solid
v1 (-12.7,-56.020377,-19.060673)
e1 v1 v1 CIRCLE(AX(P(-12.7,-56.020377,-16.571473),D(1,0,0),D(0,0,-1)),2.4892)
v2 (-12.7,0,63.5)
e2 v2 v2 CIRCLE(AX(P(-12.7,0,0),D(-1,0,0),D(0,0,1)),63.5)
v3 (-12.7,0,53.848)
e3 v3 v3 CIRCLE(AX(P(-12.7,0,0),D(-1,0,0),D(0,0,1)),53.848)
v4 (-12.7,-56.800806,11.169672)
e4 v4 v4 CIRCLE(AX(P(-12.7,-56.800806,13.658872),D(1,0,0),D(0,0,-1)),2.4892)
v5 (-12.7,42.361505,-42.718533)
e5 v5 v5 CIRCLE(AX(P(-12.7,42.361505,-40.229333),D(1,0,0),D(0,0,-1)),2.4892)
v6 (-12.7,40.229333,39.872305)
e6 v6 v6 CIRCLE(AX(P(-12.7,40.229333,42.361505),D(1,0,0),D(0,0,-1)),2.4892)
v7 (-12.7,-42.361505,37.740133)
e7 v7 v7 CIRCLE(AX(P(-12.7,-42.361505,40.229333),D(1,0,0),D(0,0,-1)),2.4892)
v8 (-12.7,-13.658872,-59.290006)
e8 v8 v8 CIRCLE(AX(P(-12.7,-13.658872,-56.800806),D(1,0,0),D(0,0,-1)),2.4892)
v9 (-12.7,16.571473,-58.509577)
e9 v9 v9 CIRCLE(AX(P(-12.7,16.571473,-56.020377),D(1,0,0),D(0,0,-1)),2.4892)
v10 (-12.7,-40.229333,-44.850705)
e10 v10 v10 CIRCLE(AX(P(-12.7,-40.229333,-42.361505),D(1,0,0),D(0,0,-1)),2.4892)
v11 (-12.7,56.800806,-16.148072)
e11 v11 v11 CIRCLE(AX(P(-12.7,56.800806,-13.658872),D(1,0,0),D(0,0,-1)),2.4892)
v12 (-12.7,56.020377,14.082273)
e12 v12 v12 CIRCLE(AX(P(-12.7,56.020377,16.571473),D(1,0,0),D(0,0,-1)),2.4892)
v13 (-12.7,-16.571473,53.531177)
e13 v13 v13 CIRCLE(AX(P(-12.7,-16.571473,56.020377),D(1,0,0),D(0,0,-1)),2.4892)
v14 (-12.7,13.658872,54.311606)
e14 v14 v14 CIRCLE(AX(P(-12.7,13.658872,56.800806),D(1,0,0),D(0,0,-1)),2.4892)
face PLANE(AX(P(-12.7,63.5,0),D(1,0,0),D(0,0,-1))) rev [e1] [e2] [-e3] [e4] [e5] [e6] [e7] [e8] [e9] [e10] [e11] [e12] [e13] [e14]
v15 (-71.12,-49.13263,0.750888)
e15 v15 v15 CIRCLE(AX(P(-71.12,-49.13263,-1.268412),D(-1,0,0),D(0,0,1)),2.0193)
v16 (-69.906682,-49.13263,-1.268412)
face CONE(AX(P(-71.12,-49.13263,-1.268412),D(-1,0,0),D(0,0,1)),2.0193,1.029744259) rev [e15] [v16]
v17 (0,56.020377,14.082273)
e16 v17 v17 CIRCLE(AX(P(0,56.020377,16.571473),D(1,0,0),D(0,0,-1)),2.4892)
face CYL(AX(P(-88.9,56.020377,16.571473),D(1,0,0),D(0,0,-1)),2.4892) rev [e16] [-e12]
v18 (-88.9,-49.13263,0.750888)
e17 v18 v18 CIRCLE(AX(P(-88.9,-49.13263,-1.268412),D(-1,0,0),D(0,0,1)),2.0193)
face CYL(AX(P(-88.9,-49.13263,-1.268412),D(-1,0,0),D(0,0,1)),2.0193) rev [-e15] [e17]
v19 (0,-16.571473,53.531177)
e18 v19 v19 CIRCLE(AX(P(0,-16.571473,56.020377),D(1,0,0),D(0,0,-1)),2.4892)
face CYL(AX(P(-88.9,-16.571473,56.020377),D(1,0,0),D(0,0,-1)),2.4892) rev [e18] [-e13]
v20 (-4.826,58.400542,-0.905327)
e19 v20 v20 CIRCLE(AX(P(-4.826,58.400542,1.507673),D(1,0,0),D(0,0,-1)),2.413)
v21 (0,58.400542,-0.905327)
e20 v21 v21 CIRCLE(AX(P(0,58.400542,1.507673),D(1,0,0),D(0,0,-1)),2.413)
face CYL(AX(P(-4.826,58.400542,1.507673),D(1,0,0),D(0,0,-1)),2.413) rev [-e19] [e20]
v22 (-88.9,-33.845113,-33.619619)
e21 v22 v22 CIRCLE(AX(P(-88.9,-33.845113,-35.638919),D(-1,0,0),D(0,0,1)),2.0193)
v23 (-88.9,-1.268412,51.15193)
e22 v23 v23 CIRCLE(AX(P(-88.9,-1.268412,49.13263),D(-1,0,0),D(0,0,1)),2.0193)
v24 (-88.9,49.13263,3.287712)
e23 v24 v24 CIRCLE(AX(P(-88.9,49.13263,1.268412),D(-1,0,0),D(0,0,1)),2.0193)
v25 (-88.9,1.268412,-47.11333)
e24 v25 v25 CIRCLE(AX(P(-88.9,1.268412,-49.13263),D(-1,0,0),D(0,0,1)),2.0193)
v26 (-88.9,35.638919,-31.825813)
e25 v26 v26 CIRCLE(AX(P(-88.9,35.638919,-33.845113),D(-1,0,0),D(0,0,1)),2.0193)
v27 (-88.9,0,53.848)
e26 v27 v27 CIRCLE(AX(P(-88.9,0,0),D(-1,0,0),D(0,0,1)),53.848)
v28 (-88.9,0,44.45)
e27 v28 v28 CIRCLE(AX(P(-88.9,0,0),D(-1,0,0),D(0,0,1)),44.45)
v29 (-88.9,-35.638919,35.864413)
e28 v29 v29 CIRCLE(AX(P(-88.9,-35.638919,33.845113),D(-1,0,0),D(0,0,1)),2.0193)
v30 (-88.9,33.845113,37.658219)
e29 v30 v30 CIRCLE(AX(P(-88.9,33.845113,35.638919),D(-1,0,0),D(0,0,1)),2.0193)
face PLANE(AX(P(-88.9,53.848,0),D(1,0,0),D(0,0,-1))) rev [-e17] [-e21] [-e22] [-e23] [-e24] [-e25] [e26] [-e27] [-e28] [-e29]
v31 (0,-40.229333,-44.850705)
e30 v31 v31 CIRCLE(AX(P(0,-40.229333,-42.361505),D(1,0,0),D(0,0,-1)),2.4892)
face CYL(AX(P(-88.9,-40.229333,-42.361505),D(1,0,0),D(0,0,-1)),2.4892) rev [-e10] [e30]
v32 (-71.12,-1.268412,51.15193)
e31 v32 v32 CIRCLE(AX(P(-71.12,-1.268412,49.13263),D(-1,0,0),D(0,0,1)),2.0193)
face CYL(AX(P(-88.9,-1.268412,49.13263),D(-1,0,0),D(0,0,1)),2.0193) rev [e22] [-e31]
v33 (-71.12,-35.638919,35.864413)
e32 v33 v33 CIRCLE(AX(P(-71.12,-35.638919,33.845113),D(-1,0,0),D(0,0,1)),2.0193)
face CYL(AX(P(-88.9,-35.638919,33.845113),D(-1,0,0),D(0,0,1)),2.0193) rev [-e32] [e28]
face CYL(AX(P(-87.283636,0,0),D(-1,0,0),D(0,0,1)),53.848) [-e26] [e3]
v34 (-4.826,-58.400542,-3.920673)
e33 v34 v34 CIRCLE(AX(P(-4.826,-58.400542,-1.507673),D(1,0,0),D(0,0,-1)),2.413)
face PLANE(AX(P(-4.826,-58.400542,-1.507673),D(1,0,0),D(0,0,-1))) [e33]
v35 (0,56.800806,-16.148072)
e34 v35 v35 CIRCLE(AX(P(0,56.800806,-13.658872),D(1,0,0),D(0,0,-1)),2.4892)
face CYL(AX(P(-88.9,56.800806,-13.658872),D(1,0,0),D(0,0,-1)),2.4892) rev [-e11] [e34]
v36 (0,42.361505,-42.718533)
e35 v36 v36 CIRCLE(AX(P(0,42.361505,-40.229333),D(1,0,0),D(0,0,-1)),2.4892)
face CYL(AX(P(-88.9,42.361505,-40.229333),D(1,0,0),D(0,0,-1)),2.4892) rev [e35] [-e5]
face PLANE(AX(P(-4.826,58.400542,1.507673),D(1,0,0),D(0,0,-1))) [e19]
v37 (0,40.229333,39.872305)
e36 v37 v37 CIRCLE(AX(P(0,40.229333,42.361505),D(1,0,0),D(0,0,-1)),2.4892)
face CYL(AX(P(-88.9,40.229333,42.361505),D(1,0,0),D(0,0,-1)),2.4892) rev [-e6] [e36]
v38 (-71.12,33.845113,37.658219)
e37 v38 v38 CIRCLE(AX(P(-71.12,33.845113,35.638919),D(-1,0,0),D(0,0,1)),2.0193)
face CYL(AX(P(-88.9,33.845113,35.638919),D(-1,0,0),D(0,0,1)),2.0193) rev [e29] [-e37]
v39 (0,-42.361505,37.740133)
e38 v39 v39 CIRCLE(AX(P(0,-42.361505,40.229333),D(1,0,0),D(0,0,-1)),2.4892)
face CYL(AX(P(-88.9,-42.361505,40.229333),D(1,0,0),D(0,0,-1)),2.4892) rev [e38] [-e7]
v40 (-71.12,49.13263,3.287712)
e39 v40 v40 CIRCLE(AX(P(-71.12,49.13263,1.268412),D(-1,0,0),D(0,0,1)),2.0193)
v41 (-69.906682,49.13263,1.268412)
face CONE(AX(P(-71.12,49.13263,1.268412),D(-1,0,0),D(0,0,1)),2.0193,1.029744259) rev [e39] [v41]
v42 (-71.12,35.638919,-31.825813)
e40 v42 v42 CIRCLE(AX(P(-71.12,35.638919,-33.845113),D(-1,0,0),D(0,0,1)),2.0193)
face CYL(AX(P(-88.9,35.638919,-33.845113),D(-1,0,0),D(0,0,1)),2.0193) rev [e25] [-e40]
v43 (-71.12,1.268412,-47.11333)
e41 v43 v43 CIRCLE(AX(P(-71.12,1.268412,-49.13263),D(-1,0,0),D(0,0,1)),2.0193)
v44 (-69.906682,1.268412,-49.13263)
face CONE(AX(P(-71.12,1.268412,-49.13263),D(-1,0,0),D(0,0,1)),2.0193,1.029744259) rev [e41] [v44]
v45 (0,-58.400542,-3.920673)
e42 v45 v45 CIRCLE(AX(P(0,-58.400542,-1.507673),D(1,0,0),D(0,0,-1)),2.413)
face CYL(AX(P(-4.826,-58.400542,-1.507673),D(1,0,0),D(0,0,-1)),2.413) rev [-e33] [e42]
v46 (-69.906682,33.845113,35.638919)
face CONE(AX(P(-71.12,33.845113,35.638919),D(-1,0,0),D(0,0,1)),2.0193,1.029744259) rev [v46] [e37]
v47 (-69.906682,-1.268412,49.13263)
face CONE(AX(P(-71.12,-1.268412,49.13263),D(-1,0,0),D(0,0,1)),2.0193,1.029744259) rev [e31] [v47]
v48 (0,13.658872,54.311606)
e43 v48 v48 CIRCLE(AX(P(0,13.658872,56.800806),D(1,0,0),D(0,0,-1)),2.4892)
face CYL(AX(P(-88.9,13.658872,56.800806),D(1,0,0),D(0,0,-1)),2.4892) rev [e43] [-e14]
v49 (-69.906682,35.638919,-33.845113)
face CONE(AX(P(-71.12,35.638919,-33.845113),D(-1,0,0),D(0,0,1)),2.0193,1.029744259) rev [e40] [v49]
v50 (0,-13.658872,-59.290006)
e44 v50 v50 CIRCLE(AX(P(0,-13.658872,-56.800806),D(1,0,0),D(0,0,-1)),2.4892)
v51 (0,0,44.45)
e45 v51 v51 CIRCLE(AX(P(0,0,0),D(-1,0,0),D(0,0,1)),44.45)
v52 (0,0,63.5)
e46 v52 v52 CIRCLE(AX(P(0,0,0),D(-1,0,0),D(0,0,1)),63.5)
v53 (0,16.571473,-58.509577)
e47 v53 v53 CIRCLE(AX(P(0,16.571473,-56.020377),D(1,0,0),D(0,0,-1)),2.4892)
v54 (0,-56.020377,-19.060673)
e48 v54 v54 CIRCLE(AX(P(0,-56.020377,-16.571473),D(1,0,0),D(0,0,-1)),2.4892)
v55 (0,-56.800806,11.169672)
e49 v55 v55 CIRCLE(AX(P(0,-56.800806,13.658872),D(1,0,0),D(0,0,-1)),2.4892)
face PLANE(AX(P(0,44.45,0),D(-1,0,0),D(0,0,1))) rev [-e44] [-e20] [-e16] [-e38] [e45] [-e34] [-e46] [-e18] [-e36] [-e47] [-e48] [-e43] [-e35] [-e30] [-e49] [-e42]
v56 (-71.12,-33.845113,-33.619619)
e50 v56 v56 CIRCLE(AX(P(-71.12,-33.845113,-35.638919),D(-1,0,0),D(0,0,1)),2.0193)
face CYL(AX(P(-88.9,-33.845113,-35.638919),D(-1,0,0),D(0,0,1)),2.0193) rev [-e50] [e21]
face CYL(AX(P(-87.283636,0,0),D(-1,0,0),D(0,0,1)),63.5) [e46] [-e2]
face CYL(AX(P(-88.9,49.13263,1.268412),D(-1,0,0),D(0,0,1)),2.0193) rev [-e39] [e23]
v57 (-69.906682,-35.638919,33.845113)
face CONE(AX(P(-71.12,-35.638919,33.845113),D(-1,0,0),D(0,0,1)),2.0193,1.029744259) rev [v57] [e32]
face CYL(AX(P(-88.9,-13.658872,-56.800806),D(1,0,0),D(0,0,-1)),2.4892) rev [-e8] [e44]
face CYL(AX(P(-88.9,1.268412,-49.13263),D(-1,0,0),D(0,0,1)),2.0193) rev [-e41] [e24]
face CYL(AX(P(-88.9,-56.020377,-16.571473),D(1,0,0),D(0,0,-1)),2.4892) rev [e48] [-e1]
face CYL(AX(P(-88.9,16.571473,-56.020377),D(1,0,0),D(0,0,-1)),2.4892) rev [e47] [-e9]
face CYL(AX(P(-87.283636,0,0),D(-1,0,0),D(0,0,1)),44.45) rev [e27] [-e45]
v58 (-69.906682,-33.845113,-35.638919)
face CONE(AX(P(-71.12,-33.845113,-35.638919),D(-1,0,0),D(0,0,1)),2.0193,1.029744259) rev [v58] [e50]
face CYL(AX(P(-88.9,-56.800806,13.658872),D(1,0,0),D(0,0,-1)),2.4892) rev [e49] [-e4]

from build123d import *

# Parameters (mm, degrees)
SKETCH7_R                       = 2.4892
CUT_EXTRUDE1_DEPTH              = 89.9
F_21_0_159_DIAMETER_HOLE1_D     = 4.0386
F_21_0_159_DIAMETER_HOLE1_DEPTH = 17.78
F_21_0_159_DIAMETER_HOLE1_TIP   = 1.213317848
SKETCH15_R                      = 2.413
CUT_EXTRUDE2_DEPTH              = 4.826


with BuildPart() as part:
    # Sketch1 → Revolve1 (revolve)
    with BuildSketch(Plane.XY):
        Polygon((-88.9, 53.848), (-88.9, 44.45), (0, 44.45), (0, 63.5), (-12.7, 63.5), (-12.7, 53.848), align=None)
    revolve(axis=Axis((-87.283636364, 0, 0), (1, 0, 0)))

    # Sketch7 → Cut-Extrude1 (cut, through all)
    with BuildSketch(Plane(origin=(0, 0, 0), x_dir=(0, 0, -1), z_dir=(1, 0, 0))):
        with Locations((-16.571472984, 56.020377392)):
            Circle(SKETCH7_R)
        with Locations((13.658872113, 56.800806443)):
            Circle(SKETCH7_R)
        with Locations((40.229333459, 42.361505278)):
            Circle(SKETCH7_R)
        with Locations((56.020377392, 16.571472984)):
            Circle(SKETCH7_R)
        with Locations((56.800806443, -13.658872113)):
            Circle(SKETCH7_R)
        with Locations((42.361505278, -40.229333459)):
            Circle(SKETCH7_R)
        with Locations((16.571472984, -56.020377392)):
            Circle(SKETCH7_R)
        with Locations((-13.658872113, -56.800806443)):
            Circle(SKETCH7_R)
        with Locations((-40.229333459, -42.361505278)):
            Circle(SKETCH7_R)
        with Locations((-56.020377392, -16.571472984)):
            Circle(SKETCH7_R)
        with Locations((-56.800806443, 13.658872113)):
            Circle(SKETCH7_R)
        with Locations((-42.361505278, 40.229333459)):
            Circle(SKETCH7_R)
    extrude(amount=-CUT_EXTRUDE1_DEPTH, mode=Mode.SUBTRACT)

    # #21 (0.159) Diameter Hole1
    with Locations(Plane.ZY.offset(88.9)):
        with Locations((-33.845113149, 35.638918571), (1.268411978, 49.132630014), (35.638918571, 33.845113149), (49.132630014, -1.268411978), (33.845113149, -35.638918571), (-1.268411978, -49.132630014), (-35.638918571, -33.845113149), (-49.132630014, 1.268411978)):
            Hole(F_21_0_159_DIAMETER_HOLE1_D / 2, depth=F_21_0_159_DIAMETER_HOLE1_DEPTH)
            with Locations((0, 0, -(F_21_0_159_DIAMETER_HOLE1_DEPTH + F_21_0_159_DIAMETER_HOLE1_TIP / 2))):  # 118° drill point
                Cone(0, F_21_0_159_DIAMETER_HOLE1_D / 2, F_21_0_159_DIAMETER_HOLE1_TIP, mode=Mode.SUBTRACT)

    # Sketch15 → Cut-Extrude2 (cut)
    with BuildSketch(Plane(origin=(0, 0, 0), x_dir=(0, 0, -1), z_dir=(1, 0, 0))):
        with Locations((-1.507673152, 58.400542135)):
            Circle(SKETCH15_R)
        with Locations((1.507673152, -58.400542135)):
            Circle(SKETCH15_R)
    extrude(amount=-CUT_EXTRUDE2_DEPTH, mode=Mode.SUBTRACT)


solid = part.part
